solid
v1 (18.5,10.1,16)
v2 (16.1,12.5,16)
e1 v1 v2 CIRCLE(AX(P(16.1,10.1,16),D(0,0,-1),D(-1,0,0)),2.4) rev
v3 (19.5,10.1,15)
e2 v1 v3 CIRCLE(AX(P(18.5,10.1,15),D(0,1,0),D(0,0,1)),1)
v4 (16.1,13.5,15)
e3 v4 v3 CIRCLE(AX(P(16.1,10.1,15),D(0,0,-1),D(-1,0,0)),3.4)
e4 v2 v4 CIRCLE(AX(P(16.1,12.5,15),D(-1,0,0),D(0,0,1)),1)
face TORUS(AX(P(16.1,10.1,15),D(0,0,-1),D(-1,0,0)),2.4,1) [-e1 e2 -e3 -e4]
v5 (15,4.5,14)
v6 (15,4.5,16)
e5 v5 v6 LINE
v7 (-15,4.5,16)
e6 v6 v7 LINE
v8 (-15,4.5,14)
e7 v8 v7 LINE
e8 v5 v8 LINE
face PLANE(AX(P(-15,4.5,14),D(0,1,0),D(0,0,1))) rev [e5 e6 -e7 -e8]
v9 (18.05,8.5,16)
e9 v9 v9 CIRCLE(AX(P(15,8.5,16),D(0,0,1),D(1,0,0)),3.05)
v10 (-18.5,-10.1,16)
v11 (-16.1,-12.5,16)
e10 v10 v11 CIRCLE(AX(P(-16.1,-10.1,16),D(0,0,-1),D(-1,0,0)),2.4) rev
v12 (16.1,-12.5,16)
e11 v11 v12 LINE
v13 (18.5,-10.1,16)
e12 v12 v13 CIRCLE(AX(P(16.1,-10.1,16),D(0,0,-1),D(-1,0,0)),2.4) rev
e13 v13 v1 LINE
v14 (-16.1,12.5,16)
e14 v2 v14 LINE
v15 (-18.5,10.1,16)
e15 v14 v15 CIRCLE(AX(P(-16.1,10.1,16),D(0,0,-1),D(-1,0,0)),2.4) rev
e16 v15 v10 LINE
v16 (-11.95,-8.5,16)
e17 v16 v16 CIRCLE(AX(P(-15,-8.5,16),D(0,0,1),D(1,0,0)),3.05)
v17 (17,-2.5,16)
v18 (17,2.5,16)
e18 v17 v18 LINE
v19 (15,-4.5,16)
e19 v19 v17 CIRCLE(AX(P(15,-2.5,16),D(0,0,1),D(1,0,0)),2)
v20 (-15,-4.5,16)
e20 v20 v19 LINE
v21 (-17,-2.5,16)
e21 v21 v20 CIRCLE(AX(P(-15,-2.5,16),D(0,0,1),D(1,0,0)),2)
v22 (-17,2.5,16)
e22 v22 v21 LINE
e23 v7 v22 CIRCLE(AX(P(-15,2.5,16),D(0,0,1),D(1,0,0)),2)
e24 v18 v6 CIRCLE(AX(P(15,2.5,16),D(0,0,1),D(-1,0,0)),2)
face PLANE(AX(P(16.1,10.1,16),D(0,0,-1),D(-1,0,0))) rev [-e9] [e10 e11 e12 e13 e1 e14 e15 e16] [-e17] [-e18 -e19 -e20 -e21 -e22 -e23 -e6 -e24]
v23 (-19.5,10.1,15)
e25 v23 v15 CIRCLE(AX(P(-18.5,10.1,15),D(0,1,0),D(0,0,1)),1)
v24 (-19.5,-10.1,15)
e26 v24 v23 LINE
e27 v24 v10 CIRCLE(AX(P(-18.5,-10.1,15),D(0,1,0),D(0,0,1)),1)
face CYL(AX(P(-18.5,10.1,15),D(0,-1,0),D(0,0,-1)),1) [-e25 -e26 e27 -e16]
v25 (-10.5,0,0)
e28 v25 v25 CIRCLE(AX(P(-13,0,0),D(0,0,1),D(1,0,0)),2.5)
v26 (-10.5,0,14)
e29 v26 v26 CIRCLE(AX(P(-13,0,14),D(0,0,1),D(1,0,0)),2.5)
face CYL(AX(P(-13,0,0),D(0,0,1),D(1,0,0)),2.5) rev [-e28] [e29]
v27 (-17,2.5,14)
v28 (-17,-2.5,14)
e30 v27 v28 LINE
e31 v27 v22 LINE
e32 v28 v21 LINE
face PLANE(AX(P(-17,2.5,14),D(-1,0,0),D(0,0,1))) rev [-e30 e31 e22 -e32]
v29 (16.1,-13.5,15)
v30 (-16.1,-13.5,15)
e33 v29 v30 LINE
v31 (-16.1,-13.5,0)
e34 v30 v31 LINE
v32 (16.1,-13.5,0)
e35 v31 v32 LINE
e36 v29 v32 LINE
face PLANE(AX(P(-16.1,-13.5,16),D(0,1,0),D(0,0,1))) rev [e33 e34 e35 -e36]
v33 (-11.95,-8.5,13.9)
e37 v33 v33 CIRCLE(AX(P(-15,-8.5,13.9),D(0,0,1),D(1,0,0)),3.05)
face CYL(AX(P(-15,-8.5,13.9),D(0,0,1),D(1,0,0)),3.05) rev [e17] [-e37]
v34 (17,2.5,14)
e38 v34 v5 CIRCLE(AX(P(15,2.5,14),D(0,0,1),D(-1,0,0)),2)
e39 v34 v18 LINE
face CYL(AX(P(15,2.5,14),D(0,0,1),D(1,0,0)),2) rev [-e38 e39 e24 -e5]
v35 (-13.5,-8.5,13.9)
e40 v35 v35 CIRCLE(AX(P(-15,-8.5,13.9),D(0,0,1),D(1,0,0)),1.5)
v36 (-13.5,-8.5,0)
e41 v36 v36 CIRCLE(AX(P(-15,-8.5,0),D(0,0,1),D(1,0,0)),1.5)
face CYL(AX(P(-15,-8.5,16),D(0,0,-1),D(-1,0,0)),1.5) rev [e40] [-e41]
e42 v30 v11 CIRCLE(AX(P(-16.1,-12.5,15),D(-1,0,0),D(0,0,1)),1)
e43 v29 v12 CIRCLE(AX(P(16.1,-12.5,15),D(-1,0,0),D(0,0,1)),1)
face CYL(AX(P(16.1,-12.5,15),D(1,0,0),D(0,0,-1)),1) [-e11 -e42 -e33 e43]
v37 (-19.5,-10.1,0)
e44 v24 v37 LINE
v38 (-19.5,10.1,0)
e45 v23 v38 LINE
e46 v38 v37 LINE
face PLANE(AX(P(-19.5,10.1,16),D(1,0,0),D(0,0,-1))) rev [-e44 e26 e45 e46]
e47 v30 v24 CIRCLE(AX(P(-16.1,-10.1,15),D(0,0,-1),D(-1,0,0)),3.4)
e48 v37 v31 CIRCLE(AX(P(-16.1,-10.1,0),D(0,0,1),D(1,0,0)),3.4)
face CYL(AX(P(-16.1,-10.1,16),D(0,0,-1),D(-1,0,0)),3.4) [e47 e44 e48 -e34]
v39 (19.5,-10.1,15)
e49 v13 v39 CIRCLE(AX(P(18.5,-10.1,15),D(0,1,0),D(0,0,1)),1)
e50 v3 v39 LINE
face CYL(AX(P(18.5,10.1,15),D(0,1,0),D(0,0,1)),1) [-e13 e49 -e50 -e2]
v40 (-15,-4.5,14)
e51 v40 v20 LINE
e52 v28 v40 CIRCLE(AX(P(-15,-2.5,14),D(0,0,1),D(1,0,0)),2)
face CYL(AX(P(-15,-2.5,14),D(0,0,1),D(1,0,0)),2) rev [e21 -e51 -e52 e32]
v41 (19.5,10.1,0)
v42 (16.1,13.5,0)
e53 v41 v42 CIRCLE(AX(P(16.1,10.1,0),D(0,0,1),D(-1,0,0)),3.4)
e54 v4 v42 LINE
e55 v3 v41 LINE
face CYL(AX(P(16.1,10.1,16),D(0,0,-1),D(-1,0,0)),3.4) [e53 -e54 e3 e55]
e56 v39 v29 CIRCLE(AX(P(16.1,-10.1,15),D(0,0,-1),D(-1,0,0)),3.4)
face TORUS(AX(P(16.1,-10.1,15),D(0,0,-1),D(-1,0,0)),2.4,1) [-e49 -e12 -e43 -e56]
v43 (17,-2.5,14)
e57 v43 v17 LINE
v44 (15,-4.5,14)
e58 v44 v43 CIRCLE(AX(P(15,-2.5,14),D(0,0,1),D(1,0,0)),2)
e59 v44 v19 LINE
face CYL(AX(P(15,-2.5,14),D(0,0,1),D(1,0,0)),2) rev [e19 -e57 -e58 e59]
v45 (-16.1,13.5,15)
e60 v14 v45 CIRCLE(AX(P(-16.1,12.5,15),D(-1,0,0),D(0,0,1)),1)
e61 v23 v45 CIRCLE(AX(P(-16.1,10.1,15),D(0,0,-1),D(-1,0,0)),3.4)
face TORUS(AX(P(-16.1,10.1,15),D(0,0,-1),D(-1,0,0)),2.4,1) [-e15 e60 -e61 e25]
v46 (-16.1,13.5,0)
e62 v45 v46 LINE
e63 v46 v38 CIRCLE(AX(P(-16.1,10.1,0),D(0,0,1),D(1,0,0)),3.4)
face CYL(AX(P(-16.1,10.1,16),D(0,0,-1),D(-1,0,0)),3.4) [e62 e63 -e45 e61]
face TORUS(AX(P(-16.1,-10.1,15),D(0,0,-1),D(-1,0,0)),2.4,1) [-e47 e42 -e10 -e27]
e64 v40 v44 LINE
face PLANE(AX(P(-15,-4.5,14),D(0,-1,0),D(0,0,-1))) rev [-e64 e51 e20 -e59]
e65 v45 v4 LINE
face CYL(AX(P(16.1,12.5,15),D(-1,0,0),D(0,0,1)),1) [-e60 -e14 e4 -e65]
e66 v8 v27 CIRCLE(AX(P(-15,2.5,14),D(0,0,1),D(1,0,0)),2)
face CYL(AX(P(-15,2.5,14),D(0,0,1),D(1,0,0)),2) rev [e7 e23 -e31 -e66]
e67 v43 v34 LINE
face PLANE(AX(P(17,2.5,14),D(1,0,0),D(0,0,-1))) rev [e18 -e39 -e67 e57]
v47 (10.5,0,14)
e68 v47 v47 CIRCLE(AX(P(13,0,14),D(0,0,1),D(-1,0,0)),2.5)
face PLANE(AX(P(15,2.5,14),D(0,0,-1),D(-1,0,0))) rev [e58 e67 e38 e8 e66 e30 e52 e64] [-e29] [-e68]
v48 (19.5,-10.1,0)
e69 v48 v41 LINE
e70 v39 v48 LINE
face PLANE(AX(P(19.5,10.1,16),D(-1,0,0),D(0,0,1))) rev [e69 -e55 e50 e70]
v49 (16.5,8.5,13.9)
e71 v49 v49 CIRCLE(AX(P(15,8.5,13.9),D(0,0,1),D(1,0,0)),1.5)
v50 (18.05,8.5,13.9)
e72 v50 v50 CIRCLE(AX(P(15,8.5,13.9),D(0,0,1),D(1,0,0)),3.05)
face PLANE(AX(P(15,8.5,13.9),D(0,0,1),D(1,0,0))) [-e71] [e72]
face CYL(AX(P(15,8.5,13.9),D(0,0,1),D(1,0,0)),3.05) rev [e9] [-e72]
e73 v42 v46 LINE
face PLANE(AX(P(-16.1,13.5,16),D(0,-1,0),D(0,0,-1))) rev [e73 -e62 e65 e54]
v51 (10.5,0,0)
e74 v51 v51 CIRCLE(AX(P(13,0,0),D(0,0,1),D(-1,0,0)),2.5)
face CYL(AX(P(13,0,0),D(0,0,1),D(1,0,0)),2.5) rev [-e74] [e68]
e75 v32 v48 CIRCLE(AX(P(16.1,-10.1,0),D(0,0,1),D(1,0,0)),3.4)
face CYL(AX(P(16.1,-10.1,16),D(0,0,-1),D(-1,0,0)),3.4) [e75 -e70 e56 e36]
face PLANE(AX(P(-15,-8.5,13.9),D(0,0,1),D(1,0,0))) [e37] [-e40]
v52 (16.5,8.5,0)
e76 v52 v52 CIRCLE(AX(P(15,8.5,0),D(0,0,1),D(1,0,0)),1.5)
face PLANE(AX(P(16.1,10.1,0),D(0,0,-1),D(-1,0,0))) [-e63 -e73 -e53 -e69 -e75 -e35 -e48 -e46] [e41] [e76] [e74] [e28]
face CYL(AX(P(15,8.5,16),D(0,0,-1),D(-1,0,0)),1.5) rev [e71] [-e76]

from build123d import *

# Parameters (mm, degrees)
SKIZZE1_R                       = 1.5
AUFSATZ_LINEAR_AUSTRAGEN1_DEPTH = 16
SCHNITT_LINEAR_AUSTRAGEN1_DEPTH = 2
SKIZZE3_R                       = 2.5
SCHNITT_LINEAR_AUSTRAGEN2_DEPTH = 28.540878708
SKIZZE4_R                       = 3.05
SCHNITT_LINEAR_AUSTRAGEN3_DEPTH = 2.1
VERRUNDUNG1_R                   = 1


with BuildPart() as part:
    # Skizze1 → Aufsatz-Linear austragen1 (new body)
    with BuildSketch(Plane.XY):
        with BuildLine():
            Line((-16.1, 13.5), (16.1, 13.5))
            ThreePointArc((16.1, 13.5), (18.504163056, 12.504163056), (19.5, 10.1))
            Line((19.5, 10.1), (19.5, -10.1))
            ThreePointArc((19.5, -10.1), (18.504163056, -12.504163056), (16.1, -13.5))
            Line((16.1, -13.5), (-16.1, -13.5))
            ThreePointArc((-16.1, -13.5), (-18.504163056, -12.504163056), (-19.5, -10.1))
            Line((-19.5, -10.1), (-19.5, 10.1))
            ThreePointArc((-19.5, 10.1), (-18.504163056, 12.504163056), (-16.1, 13.5))
        make_face()
        with Locations((15, 8.5)):
            Circle(SKIZZE1_R, mode=Mode.SUBTRACT)
        with Locations((-15, -8.5)):
            Circle(SKIZZE1_R, mode=Mode.SUBTRACT)
    extrude(amount=AUFSATZ_LINEAR_AUSTRAGEN1_DEPTH)

    # Skizze2 → Schnitt-Linear austragen1 (cut)
    with BuildSketch(Plane.XY.offset(16)):
        with BuildLine():
            Line((-15, 4.5), (15, 4.5))
            ThreePointArc((15, 4.5), (16.414213562, 3.914213562), (17, 2.5))
            Line((17, 2.5), (17, -2.5))
            ThreePointArc((17, -2.5), (16.414213562, -3.914213562), (15, -4.5))
            Line((15, -4.5), (-15, -4.5))
            ThreePointArc((-15, -4.5), (-16.414213562, -3.914213562), (-17, -2.5))
            Line((-17, -2.5), (-17, 2.5))
            ThreePointArc((-17, 2.5), (-16.414213562, 3.914213562), (-15, 4.5))
        make_face()
    extrude(amount=-SCHNITT_LINEAR_AUSTRAGEN1_DEPTH, mode=Mode.SUBTRACT)

    # Skizze3 → Schnitt-Linear austragen2 (cut, through all)
    with BuildSketch(Plane.XY.offset(14)):
        with Locations((-13, 0)):
            Circle(SKIZZE3_R)
        with Locations(Location((13, 0, 0), (0, 0, 180))):
            Circle(SKIZZE3_R)
    extrude(amount=-SCHNITT_LINEAR_AUSTRAGEN2_DEPTH, mode=Mode.SUBTRACT)

    # Skizze4 → Schnitt-Linear austragen3 (cut)
    with BuildSketch(Plane.XY.offset(16)):
        with Locations((15, 8.5)):
            Circle(SKIZZE4_R)
        with Locations((-15, -8.5)):
            Circle(SKIZZE4_R)
    extrude(amount=-SCHNITT_LINEAR_AUSTRAGEN3_DEPTH, mode=Mode.SUBTRACT)

    # Verrundung1
    verrundung1_edges = [part.edges().sort_by_distance(p)[0] for p in [
        (-18.504163056, 12.504163056, 16),
        (-19.5, 0, 16),
        (-18.504163056, -12.504163056, 16),
        (0, -13.5, 16),
        (18.504163056, -12.504163056, 16),
        (19.5, 0, 16),
        (18.504163056, 12.504163056, 16),
        (0, 13.5, 16),
    ]]
    fillet(verrundung1_edges, radius=VERRUNDUNG1_R)


solid = part.part
